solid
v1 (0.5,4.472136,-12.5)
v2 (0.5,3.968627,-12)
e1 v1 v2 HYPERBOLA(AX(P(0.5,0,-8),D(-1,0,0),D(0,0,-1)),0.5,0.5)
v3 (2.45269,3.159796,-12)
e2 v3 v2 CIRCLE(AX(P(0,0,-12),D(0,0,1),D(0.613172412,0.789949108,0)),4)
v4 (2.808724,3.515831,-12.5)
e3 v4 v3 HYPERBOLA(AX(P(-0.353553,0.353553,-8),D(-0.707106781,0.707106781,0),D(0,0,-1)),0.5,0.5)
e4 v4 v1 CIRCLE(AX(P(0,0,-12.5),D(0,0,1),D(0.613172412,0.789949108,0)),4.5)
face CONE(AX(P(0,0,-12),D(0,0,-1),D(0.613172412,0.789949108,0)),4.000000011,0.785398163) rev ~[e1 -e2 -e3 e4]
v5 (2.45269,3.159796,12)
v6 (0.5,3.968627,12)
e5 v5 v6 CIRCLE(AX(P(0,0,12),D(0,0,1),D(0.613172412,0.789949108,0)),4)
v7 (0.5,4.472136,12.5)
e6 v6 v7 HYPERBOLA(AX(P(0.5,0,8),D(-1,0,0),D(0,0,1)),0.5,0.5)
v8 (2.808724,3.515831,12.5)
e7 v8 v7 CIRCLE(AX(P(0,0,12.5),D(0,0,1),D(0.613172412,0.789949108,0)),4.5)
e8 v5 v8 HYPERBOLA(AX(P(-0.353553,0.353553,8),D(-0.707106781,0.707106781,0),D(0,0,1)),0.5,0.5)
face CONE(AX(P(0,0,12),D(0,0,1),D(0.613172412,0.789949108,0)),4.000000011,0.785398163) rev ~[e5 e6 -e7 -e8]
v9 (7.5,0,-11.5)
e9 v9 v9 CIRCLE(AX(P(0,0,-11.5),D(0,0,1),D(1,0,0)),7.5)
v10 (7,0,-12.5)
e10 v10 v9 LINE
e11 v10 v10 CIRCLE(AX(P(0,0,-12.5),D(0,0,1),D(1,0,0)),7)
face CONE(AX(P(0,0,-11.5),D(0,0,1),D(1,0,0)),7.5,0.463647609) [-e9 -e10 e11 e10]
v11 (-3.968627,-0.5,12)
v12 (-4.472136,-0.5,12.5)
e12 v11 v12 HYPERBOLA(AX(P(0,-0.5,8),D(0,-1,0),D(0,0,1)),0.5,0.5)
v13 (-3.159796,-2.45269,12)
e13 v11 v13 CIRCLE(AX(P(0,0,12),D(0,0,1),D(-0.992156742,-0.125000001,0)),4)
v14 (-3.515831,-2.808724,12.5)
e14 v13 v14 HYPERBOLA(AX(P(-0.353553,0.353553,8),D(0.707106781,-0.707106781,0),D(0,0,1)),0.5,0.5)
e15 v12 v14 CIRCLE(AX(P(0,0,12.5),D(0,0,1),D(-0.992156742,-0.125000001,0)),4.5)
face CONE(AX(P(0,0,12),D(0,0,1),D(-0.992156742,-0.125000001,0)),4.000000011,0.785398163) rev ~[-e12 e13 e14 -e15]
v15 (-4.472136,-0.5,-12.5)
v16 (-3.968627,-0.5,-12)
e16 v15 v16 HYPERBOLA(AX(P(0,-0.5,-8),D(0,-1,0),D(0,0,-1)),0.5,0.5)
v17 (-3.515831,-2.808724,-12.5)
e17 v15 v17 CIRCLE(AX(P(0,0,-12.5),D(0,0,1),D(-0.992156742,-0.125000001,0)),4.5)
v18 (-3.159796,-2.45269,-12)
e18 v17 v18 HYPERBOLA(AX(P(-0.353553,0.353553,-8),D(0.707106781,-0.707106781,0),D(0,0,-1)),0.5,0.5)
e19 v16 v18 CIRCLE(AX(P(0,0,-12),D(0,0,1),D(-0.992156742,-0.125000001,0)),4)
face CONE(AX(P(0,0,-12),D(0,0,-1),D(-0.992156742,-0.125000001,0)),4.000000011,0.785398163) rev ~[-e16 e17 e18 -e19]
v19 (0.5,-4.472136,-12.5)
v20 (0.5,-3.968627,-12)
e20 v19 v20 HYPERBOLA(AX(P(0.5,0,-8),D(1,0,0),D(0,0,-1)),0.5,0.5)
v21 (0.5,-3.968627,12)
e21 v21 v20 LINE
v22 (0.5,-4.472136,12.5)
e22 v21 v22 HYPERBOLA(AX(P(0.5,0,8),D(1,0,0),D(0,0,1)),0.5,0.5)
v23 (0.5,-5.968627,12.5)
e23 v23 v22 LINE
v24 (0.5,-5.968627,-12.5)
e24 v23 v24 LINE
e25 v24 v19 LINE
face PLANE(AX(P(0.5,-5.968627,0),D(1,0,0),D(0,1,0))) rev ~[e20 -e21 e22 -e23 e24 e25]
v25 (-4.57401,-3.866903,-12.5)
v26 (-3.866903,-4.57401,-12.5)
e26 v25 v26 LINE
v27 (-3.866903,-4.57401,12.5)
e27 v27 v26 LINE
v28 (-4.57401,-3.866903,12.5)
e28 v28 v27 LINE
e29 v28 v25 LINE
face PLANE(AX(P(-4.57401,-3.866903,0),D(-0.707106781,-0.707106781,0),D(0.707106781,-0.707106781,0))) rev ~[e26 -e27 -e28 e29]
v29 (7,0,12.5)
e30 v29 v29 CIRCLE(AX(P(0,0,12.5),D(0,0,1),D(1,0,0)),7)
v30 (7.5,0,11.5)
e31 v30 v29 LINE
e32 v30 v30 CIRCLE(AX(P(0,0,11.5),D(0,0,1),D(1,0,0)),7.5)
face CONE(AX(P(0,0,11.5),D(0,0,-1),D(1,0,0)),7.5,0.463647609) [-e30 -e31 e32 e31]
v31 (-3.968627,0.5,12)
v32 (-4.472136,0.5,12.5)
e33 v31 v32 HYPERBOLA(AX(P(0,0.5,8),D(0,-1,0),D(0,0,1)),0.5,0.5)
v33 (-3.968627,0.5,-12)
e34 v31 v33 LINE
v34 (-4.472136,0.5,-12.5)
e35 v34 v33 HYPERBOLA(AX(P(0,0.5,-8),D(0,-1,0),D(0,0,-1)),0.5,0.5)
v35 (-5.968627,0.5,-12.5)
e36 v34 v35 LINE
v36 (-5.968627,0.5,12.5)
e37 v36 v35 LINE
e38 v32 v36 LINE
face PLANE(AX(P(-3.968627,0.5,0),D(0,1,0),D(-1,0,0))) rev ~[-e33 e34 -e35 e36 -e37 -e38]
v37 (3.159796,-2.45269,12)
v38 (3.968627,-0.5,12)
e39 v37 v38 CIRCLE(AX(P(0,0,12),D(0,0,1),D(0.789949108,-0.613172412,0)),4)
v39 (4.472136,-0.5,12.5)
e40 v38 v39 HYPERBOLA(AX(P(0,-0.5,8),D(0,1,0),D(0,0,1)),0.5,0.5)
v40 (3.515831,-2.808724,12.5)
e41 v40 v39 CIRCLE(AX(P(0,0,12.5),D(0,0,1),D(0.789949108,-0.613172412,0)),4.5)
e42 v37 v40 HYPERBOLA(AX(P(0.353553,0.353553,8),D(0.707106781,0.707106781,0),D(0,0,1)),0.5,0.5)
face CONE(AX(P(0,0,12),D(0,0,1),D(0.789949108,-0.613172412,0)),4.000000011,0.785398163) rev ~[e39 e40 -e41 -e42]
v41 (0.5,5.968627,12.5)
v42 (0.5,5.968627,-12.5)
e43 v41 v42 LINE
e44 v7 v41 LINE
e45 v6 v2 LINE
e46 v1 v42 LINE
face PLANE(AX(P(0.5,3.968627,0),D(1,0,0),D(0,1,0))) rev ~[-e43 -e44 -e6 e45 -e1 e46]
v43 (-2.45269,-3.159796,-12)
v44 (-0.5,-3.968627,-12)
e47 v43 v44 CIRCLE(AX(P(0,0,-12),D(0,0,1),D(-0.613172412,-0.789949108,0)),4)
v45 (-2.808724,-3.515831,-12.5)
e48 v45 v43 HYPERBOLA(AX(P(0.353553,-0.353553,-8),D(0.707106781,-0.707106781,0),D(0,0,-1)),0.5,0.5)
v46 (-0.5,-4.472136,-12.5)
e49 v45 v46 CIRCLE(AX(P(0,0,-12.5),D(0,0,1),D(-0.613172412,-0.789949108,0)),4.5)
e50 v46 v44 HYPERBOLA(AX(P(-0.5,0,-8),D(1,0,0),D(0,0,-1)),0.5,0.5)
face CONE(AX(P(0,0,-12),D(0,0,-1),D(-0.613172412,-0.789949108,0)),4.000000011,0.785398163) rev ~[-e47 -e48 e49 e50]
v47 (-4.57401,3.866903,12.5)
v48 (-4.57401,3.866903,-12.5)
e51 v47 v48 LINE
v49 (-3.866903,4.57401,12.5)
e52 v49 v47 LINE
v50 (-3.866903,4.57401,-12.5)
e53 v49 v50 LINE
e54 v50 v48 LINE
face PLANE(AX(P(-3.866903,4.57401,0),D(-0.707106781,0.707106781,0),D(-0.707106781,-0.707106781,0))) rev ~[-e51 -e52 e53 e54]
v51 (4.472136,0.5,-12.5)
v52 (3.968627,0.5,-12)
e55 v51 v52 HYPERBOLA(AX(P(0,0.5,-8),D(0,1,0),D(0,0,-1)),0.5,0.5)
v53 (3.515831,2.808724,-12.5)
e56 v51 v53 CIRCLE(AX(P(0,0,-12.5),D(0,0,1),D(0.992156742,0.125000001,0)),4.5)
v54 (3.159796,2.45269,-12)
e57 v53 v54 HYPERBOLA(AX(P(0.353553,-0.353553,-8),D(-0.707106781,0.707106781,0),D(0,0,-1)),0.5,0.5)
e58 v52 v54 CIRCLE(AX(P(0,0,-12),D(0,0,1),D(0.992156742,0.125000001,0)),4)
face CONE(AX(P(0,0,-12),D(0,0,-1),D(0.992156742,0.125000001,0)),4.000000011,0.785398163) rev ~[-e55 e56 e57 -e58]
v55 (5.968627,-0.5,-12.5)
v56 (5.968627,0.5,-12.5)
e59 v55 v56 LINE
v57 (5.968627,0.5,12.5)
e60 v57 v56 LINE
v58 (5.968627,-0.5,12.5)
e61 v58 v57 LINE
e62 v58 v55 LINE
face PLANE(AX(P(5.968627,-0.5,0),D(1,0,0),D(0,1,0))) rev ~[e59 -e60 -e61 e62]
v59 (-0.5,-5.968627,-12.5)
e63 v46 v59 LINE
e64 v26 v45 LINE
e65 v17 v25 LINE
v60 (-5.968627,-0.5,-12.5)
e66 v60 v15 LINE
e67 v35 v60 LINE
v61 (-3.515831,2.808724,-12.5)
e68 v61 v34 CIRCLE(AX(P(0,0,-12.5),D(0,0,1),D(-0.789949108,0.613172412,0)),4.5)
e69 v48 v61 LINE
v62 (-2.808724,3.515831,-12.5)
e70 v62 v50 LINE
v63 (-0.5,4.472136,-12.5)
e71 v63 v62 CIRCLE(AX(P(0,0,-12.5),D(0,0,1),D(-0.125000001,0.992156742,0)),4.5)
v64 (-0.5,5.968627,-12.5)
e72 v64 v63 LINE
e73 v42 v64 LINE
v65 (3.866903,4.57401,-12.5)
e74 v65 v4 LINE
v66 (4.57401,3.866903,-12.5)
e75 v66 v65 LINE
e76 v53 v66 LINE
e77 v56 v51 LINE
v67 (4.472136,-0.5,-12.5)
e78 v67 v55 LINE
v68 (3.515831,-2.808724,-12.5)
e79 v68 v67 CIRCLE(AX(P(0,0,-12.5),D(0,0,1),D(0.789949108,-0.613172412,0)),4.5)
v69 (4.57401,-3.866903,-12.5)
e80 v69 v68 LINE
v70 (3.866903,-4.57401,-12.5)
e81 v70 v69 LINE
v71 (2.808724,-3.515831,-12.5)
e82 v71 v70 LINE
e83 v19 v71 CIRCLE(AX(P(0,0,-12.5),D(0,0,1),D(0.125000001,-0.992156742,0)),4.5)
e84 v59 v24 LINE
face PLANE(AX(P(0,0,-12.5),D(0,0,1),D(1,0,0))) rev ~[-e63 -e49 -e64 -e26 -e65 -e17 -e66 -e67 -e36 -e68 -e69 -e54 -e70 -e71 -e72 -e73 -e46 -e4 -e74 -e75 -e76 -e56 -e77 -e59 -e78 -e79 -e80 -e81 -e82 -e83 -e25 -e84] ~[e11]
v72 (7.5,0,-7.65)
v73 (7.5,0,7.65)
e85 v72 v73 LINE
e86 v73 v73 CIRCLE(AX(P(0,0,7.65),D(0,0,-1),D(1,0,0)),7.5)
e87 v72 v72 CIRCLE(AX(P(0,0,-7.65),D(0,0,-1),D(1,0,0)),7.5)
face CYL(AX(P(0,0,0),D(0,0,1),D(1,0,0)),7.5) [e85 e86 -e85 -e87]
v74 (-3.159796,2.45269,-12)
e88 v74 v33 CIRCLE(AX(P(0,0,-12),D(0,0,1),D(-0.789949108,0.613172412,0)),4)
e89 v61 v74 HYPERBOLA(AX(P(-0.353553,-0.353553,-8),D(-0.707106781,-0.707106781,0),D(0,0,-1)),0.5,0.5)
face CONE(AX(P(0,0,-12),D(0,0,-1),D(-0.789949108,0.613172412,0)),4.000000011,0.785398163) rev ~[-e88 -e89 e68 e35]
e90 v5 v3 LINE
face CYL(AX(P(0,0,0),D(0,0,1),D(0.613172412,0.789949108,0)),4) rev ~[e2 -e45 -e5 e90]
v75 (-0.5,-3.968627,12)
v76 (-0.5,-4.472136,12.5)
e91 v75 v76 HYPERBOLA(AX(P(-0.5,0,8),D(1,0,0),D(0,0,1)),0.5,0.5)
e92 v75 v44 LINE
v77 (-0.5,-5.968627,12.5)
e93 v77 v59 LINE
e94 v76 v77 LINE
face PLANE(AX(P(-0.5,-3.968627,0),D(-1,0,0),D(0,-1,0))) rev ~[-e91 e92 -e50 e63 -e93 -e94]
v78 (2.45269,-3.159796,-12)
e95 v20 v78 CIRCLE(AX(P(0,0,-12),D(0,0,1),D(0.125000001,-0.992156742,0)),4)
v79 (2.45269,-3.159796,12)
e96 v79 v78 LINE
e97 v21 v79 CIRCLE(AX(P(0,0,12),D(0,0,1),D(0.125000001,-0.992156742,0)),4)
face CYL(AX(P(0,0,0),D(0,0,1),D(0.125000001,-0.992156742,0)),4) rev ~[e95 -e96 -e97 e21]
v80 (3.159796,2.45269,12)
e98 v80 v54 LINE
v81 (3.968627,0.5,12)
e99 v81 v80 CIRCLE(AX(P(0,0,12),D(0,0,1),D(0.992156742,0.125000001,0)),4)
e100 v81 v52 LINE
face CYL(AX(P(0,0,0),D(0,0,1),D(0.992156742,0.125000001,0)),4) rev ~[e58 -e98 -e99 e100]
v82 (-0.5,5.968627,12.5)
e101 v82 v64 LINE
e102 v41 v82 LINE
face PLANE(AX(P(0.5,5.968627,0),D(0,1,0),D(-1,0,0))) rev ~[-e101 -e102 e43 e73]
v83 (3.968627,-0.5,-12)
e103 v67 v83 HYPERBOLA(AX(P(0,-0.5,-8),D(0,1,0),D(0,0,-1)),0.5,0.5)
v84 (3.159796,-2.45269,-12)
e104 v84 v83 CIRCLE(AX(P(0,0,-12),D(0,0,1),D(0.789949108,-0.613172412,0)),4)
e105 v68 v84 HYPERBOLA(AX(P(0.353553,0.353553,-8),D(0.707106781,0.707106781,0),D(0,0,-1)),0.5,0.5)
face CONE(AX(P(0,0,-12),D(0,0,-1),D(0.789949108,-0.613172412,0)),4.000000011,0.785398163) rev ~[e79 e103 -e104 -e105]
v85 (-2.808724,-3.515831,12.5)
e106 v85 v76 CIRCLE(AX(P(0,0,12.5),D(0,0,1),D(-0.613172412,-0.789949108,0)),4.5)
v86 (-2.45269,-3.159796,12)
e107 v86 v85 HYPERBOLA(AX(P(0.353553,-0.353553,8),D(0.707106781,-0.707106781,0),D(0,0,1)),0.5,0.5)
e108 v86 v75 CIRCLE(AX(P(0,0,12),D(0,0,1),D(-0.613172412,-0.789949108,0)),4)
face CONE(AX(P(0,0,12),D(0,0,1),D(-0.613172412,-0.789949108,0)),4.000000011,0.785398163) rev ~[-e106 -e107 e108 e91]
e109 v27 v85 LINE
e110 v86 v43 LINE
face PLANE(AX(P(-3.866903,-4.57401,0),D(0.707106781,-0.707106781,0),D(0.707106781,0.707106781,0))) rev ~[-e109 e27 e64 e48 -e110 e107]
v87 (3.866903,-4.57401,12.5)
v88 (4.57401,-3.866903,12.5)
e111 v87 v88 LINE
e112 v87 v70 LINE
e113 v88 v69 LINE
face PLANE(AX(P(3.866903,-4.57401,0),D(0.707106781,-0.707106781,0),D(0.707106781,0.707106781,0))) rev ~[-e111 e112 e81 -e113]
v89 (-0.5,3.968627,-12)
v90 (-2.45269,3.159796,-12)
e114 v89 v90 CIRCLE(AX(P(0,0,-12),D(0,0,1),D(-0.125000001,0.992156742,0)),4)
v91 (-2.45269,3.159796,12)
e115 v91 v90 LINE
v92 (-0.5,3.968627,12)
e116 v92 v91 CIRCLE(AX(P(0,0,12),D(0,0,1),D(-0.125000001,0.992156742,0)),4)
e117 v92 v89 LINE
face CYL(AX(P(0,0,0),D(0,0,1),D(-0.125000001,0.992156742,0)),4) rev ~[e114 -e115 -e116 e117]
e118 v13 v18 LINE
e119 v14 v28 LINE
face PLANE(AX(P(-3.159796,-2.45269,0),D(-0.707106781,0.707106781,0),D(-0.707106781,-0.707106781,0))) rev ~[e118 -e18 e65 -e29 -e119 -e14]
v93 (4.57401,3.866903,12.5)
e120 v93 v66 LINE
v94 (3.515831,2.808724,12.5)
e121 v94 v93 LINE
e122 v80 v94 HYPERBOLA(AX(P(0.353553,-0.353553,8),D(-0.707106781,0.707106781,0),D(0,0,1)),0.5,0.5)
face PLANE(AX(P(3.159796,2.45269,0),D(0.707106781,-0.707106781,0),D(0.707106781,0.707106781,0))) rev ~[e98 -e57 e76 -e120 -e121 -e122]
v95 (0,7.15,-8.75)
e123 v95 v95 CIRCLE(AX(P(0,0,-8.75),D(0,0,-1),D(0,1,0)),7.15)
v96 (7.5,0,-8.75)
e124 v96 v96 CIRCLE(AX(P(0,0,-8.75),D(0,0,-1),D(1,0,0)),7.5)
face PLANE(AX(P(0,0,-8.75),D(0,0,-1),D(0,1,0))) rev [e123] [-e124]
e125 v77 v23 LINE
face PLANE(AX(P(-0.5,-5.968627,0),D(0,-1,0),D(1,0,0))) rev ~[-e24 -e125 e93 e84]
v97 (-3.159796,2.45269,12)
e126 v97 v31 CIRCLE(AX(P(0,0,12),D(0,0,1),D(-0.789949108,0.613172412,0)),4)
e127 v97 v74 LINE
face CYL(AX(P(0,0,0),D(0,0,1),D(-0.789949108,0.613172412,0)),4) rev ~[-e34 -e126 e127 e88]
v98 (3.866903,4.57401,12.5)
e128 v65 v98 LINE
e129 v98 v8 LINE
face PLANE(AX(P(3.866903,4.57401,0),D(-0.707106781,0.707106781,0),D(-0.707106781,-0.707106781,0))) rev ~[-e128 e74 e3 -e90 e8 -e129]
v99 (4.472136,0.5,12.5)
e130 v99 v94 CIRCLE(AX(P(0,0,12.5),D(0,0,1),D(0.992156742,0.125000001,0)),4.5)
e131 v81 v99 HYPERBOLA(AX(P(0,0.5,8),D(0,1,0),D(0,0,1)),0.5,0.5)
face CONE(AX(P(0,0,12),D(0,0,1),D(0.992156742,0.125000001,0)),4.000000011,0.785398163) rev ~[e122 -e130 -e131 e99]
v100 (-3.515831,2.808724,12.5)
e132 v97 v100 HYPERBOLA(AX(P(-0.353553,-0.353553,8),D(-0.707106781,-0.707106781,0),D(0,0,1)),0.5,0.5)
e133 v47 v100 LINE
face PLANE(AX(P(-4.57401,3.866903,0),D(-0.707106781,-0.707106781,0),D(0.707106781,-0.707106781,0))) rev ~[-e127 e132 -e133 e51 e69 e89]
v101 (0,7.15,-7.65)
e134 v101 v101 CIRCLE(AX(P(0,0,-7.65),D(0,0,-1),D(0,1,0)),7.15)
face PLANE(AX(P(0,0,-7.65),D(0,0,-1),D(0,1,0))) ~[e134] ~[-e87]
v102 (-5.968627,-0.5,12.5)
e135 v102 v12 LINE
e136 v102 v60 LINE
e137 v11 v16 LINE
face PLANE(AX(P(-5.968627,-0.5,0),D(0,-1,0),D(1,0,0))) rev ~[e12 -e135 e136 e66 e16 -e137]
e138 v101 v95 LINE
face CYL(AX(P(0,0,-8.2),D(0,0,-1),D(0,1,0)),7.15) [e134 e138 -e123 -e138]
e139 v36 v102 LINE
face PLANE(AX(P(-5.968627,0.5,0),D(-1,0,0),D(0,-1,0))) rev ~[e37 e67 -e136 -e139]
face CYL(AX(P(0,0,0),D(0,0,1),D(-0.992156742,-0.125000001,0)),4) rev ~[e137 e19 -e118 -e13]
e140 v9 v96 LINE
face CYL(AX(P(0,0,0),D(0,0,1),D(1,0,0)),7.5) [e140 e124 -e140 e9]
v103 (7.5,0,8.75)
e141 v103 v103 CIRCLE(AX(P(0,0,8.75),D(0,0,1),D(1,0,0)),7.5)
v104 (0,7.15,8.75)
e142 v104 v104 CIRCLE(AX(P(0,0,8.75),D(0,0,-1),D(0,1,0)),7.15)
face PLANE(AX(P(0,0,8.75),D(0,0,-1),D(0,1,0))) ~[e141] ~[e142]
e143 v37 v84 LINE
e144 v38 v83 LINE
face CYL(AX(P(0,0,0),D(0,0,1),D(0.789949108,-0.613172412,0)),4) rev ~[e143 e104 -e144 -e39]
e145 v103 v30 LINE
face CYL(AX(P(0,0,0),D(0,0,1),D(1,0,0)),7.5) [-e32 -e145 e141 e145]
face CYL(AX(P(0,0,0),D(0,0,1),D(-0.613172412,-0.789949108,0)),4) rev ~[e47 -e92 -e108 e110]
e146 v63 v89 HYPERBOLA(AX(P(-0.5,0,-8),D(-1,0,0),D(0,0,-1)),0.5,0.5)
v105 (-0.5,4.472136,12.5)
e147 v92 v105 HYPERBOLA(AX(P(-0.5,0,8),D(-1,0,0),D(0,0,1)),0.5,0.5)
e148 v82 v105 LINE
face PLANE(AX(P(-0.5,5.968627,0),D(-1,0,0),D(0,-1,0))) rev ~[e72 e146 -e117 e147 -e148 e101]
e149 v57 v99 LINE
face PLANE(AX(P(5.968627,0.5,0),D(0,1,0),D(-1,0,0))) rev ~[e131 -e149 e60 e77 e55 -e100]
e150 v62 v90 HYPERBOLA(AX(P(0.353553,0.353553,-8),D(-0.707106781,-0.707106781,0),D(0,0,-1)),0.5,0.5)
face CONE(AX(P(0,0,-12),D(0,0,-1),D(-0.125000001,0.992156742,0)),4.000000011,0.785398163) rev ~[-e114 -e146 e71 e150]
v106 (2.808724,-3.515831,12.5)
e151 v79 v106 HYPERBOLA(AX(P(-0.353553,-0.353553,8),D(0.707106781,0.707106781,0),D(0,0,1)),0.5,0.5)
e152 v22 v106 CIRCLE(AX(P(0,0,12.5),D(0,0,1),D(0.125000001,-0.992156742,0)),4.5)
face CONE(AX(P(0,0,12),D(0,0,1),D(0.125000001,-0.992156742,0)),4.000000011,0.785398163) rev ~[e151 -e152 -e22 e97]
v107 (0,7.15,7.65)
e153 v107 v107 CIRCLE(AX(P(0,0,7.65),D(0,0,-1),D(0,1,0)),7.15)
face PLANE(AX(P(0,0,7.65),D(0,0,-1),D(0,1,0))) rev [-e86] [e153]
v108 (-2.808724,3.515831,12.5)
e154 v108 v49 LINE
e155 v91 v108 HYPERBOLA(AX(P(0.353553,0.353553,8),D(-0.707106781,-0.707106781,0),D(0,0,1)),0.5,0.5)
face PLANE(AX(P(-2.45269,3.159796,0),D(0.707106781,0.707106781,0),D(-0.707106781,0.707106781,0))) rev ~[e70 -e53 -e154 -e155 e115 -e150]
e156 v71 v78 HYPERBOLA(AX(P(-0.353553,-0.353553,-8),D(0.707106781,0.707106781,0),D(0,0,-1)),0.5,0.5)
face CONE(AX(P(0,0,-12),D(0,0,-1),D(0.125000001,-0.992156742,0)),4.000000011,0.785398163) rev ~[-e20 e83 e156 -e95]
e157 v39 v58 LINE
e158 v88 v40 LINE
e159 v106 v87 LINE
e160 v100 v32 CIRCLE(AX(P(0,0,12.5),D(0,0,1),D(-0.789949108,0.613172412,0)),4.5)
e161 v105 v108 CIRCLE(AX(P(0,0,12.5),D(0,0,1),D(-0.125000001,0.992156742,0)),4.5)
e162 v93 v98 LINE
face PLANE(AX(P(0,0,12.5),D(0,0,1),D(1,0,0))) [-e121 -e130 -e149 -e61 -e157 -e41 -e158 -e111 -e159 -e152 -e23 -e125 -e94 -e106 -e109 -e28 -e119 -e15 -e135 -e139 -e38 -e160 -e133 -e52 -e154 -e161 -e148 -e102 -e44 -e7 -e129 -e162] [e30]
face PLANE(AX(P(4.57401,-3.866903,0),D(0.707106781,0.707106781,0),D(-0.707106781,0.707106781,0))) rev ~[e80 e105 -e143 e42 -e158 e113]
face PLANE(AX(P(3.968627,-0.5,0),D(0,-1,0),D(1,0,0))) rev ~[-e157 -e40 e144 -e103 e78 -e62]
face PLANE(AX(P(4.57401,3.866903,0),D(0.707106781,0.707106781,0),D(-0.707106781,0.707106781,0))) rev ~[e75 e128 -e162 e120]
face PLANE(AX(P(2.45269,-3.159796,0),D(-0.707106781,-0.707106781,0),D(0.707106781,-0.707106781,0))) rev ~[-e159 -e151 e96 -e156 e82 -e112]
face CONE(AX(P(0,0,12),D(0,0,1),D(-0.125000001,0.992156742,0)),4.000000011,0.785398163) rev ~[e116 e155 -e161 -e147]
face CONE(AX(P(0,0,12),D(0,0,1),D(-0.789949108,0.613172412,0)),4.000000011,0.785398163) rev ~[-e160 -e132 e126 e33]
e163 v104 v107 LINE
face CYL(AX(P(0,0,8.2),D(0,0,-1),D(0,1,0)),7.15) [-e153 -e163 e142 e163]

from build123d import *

# Parameters (mm, degrees)
ESQUISSE1_R        = 7.5
BOSS_EXTRU_1_DEPTH = 12.5
ESQUISSE2_W        = 1.1
ESQUISSE2_H        = 0.35
CHANFREIN1_SIZE    = 1
CHANFREIN1_SIZE2   = 0.5
CHANFREIN2_SIZE    = 0.5
CHANFREIN2_SIZE2   = 1
CHANFREIN3_SIZE    = 0.5


with BuildPart() as part:
    # Esquisse1 → Boss.-Extru.1 (new body, symmetric)
    with BuildSketch(Plane.XY):
        Circle(ESQUISSE1_R)
        with BuildLine():
            Line((3.866903212, 4.574009993), (2.452689649, 3.159796431))
            ThreePointArc((2.452689649, 3.159796431), (1.530733729, 3.69551813), (0.5, 3.968626967))
            Line((0.5, 3.968626967), (0.5, 5.968626967))
            Line((0.5, 5.968626967), (-0.5, 5.968626967))
            Line((-0.5, 5.968626967), (-0.5, 3.968626967))
            ThreePointArc((-0.5, 3.968626967), (-1.530733729, 3.69551813), (-2.452689649, 3.159796431))
            Line((-2.452689649, 3.159796431), (-3.866903212, 4.574009993))
            Line((-3.866903212, 4.574009993), (-4.574009993, 3.866903212))
            Line((-4.574009993, 3.866903212), (-3.159796431, 2.452689649))
            ThreePointArc((-3.159796431, 2.452689649), (-3.69551813, 1.530733729), (-3.968626967, 0.5))
            Line((-3.968626967, 0.5), (-5.968626967, 0.5))
            Line((-5.968626967, 0.5), (-5.968626967, -0.5))
            Line((-5.968626967, -0.5), (-3.968626967, -0.5))
            ThreePointArc((-3.968626967, -0.5), (-3.69551813, -1.530733729), (-3.159796431, -2.452689649))
            Line((-3.159796431, -2.452689649), (-4.574009993, -3.866903212))
            Line((-4.574009993, -3.866903212), (-3.866903212, -4.574009993))
            Line((-3.866903212, -4.574009993), (-2.452689649, -3.159796431))
            ThreePointArc((-2.452689649, -3.159796431), (-1.530733729, -3.69551813), (-0.5, -3.968626967))
            Line((-0.5, -3.968626967), (-0.5, -5.968626967))
            Line((-0.5, -5.968626967), (0.5, -5.968626967))
            Line((0.5, -5.968626967), (0.5, -3.968626967))
            ThreePointArc((0.5, -3.968626967), (1.530733729, -3.69551813), (2.452689649, -3.159796431))
            Line((2.452689649, -3.159796431), (3.866903212, -4.574009993))
            Line((3.866903212, -4.574009993), (4.574009993, -3.866903212))
            Line((4.574009993, -3.866903212), (3.159796431, -2.452689649))
            ThreePointArc((3.159796431, -2.452689649), (3.69551813, -1.530733729), (3.968626967, -0.5))
            Line((3.968626967, -0.5), (5.968626967, -0.5))
            Line((5.968626967, -0.5), (5.968626967, 0.5))
            Line((5.968626967, 0.5), (3.968626967, 0.5))
            ThreePointArc((3.968626967, 0.5), (3.69551813, 1.530733729), (3.159796431, 2.452689649))
            Line((3.159796431, 2.452689649), (4.574009993, 3.866903212))
            Line((4.574009993, 3.866903212), (3.866903212, 4.574009993))
        make_face(mode=Mode.SUBTRACT)
    extrude(amount=BOSS_EXTRU_1_DEPTH, both=True)

    # Esquisse2 → Enlèvement de matière-Révolution1 (revolve, cut)
    with BuildSketch(Plane(origin=(0, 0, 0), x_dir=(0, 0, -1), z_dir=(1, 0, 0))):
        with Locations((-8.2, 7.325)):
            Rectangle(ESQUISSE2_W, ESQUISSE2_H)
        with Locations((8.2, 7.325)):
            Rectangle(ESQUISSE2_W, ESQUISSE2_H)
    revolve(axis=Axis((0, 0, 12.5), (0, 0, -1)), mode=Mode.SUBTRACT)

    # Chanfrein1
    chanfrein1_edges = [part.edges().sort_by_distance(p)[0] for p in [
        (-7.5, 0, 12.5),
    ]]
    chanfrein1_side = [part.faces().sort_by_distance(p)[0] for p in [
        (-7.5, 0, 10.625),
    ]]
    chamfer(chanfrein1_edges, length=CHANFREIN1_SIZE, length2=CHANFREIN1_SIZE2, reference=chanfrein1_side[0])

    # Chanfrein2
    chanfrein2_edges = [part.edges().sort_by_distance(p)[0] for p in [
        (-7.5, 0, -12.5),
    ]]
    chanfrein2_side = [part.faces().sort_by_distance(p)[0] for p in [
        (-7.287867966, 0, -12.5),
    ]]
    chamfer(chanfrein2_edges, length=CHANFREIN2_SIZE, length2=CHANFREIN2_SIZE2, reference=chanfrein2_side[0])

    # Chanfrein3
    chanfrein3_edges = [part.edges().sort_by_distance(p)[0] for p in [
        (-1.530733729, 3.69551813, -12.5),
        (-3.69551813, 1.530733729, -12.5),
        (-3.69551813, -1.530733729, -12.5),
        (-1.530733729, -3.69551813, -12.5),
        (1.530733729, -3.69551813, -12.5),
        (3.69551813, -1.530733729, -12.5),
        (3.69551813, 1.530733729, -12.5),
        (1.530733729, 3.69551813, -12.5),
        (-1.530733729, 3.69551813, 12.5),
        (-3.69551813, 1.530733729, 12.5),
        (-3.69551813, -1.530733729, 12.5),
        (-1.530733729, -3.69551813, 12.5),
        (1.530733729, -3.69551813, 12.5),
        (3.69551813, -1.530733729, 12.5),
        (3.69551813, 1.530733729, 12.5),
        (1.530733729, 3.69551813, 12.5),
    ]]
    chamfer(chanfrein3_edges, length=CHANFREIN3_SIZE)


solid = part.part
